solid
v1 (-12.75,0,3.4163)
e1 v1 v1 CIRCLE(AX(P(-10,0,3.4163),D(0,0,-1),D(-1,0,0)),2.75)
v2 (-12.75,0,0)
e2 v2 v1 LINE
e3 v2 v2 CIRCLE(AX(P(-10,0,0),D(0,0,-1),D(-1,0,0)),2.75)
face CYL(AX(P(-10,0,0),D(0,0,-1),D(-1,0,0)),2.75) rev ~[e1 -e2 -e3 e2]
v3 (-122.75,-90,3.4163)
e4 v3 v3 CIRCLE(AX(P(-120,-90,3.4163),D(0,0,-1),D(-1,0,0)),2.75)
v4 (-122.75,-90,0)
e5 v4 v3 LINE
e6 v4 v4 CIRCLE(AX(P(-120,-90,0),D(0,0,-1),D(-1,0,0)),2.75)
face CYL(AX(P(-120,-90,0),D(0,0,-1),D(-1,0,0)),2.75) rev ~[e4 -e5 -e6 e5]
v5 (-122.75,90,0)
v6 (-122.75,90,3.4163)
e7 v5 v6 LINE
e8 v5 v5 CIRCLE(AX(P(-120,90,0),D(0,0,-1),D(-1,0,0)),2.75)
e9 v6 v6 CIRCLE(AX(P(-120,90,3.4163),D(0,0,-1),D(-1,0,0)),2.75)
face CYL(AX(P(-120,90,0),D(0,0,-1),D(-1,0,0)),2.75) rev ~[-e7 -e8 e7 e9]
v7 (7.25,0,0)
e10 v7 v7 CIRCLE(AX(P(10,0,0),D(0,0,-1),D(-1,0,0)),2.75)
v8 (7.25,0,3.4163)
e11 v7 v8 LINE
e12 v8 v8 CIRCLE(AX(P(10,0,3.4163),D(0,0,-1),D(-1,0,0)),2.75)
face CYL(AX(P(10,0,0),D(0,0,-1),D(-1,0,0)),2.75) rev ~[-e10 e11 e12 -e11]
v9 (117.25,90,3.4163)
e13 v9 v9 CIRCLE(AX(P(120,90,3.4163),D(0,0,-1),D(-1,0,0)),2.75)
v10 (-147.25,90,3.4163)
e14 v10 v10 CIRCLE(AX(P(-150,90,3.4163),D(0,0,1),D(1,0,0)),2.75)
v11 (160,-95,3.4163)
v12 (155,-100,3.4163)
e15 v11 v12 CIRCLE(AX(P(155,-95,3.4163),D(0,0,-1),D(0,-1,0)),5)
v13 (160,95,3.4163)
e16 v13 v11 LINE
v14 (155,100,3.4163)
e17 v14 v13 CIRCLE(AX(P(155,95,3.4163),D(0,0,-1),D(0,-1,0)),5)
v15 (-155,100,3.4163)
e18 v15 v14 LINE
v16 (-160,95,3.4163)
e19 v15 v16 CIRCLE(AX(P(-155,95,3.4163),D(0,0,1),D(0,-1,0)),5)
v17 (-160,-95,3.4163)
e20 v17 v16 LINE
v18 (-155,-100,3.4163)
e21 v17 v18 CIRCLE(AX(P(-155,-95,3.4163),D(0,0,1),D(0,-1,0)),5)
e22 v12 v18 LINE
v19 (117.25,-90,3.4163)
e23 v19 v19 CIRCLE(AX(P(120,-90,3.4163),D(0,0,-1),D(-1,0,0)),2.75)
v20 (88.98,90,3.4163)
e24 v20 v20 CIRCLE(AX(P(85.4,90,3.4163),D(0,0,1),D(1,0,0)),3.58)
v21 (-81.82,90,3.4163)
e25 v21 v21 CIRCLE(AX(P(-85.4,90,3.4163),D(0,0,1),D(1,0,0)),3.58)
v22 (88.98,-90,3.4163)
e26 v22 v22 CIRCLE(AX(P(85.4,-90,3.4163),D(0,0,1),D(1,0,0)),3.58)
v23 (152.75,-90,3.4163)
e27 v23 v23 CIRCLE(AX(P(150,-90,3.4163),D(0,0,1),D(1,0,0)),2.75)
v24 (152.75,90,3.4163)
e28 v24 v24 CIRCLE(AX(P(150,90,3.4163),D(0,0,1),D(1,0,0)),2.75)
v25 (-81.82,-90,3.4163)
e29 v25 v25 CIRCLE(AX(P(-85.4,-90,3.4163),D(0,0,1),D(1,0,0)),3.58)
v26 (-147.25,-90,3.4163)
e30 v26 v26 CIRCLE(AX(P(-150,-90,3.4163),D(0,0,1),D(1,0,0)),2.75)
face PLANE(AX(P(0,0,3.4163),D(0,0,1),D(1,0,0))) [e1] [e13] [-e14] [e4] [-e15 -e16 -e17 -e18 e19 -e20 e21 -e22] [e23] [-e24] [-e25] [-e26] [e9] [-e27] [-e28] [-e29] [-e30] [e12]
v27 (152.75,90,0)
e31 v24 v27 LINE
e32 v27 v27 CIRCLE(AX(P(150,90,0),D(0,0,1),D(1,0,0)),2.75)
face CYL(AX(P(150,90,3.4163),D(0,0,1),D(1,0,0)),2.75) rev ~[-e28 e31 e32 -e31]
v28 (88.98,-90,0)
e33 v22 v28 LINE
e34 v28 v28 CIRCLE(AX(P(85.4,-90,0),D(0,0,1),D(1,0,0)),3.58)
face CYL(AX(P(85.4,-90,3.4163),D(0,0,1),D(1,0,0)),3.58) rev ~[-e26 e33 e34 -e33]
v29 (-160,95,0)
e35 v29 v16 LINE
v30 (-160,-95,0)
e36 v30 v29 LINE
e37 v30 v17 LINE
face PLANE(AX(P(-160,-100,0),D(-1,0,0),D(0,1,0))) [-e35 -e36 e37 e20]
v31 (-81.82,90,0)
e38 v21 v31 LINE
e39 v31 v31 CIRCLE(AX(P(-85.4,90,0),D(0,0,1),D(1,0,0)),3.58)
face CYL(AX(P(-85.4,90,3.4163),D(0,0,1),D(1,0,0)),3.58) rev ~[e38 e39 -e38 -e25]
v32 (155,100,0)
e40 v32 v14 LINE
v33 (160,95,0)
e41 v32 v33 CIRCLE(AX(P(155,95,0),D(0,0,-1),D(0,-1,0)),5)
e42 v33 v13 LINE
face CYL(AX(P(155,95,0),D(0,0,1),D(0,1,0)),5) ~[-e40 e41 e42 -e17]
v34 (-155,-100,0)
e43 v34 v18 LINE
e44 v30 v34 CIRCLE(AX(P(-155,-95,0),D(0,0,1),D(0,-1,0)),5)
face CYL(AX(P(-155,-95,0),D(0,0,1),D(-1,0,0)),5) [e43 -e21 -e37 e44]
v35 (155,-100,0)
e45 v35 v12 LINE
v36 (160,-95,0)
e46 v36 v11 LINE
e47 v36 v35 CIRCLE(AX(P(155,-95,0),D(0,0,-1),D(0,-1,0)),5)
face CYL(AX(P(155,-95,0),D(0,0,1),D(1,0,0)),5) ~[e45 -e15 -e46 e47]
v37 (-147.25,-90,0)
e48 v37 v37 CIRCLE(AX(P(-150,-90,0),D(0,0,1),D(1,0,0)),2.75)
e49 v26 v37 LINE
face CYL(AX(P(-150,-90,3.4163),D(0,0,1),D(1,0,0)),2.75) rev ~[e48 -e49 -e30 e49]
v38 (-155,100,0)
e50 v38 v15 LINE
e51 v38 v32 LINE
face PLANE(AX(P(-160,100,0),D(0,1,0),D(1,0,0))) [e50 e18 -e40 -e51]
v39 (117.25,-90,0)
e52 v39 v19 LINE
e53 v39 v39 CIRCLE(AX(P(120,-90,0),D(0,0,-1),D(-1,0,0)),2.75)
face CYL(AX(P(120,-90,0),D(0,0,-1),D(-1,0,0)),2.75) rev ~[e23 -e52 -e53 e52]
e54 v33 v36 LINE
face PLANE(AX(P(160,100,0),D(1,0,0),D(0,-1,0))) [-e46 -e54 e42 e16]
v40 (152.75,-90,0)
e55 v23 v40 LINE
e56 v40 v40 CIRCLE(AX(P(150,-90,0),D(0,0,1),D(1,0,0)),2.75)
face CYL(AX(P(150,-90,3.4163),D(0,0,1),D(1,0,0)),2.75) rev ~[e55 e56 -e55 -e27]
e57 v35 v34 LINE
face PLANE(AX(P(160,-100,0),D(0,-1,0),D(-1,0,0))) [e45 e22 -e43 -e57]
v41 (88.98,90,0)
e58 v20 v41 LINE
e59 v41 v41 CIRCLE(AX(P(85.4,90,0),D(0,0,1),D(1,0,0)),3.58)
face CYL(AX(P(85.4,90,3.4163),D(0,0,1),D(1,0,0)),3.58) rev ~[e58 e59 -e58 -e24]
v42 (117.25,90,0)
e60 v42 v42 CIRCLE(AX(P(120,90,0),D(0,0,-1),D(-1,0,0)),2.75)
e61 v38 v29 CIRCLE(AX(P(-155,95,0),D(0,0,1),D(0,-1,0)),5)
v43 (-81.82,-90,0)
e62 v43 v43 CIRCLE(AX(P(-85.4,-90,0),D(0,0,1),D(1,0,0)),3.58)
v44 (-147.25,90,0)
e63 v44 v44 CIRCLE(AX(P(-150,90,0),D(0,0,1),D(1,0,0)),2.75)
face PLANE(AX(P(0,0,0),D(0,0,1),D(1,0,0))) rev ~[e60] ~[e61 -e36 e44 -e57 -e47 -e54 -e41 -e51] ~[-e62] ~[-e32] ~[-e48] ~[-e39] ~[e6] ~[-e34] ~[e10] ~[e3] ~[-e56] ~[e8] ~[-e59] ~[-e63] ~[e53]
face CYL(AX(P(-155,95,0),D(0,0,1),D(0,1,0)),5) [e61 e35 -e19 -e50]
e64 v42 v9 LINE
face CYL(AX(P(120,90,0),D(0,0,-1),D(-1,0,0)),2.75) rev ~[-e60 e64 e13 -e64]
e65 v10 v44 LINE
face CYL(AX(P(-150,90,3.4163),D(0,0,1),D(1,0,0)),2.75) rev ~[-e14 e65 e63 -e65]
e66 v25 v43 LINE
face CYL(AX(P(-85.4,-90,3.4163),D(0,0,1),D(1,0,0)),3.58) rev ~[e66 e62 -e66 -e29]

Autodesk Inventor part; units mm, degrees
ref_plane "YZ Plane" through (0, 0, 0) normal (1, 0, 0) x (0, 1, 0)
ref_plane "XZ Plane" through (0, 0, 0) normal (0, 1, 0) x (-1, 0, 0)
ref_plane "XY Plane" through (0, 0, 0) normal (0, 0, 1) x (1, 0, 0)
sketch "Sketch1" plane through (0, 0, 0) normal (0, 0, 1) x (1, 0, 0)
  line L0 (-160, 100) -> (160, 100)
  line L1 (160, 100) -> (160, -100)
  line L2 (160, -100) -> (-160, -100)
  line L3 (-160, -100) -> (-160, 100)
  point P0 (0, 0)
  dimension "d0" = 320
  dimension "d1" = 200
  dimension "d2" = 160
  dimension "d3" = 100
extrude "Extrusion1" add sketch "Sketch1" along normal blind 3.4163
sketch "Sketch2" plane through (0, 0, 3.4163) normal (0, 0, 1) x (1, 0, 0)
  line L0 (160, 100) -> (-160, 100) projected
  line L1 (-160, 100) -> (-160, -100) projected
  line L2 (-160, -100) -> (160, -100) projected
  line L3 (160, -100) -> (160, 100) projected
  circle A0 centre (-150, -90) radius 2.75
  circle A1 centre (-150, 90) radius 2.75
  circle A2 centre (-85.4, 90) radius 3.58
  circle A3 centre (-85.4, -90) radius 3.58
  circle A4 centre (85.4, 90) radius 3.58
  circle A5 centre (150, 90) radius 2.75
  circle A6 centre (85.4, -90) radius 3.58
  circle A7 centre (150, -90) radius 2.75
  point P0 (0, 0)
  dimension "d6" = 5.5
  dimension "d7" = 5.5
  dimension "d8" = 7.16
  dimension "d9" = 7.16
  dimension "d10" = 7.16
  dimension "d11" = 5.5
  dimension "d12" = 7.16
  dimension "d13" = 5.5
  dimension "d14" = 10
  dimension "d15" = 10
  dimension "d16" = 64.6
  dimension "d17" = 10
  dimension "d18" = 64.6
  dimension "d19" = 10
  dimension "d20" = 10
  dimension "d21" = 10
  dimension "d22" = 10
  dimension "d23" = 10
  dimension "d24" = 10
  dimension "d25" = 10
  dimension "d26" = 10
  dimension "d27" = 64.6
  dimension "d28" = 64.6
  dimension "d29" = 10
extrude "Extrusion2" cut sketch "Sketch2" against normal through all contours A0 | A1 | A2 | A3 | A4 | A5 | A6 | A7
fillet "Fillet1" radius 5 4 edges at (-160, -100, 1.7082) (-160, 100, 1.7082) (160, 100, 1.7082) (160, -100, 1.7082)
sketch "Sketch3" plane through (0, 0, 0) normal (0, 0, -1) x (-1, 0, 0)
  circle A0 centre (-10, 0) radius 2.067 projected
  circle A1 centre (10, 0) radius 2.067 projected
  circle A2 centre (-10, 0) radius 2.75
  circle A3 centre (10, 0) radius 2.75
  point P0 (0, 0)
  dimension "d33" = 5.5
  dimension "d34" = 5.5
extrude "Extrusion3" cut sketch "Sketch3" against normal through all contours A0 | A1 | A2 | A3
sketch "Sketch4" plane through (0, 0, 0) normal (0, 0, -1) x (-1, 0, 0)
  line L0 (-155, -100) -> (155, -100) projected
  line L1 (-160, 95) -> (-160, -95) projected
  circle A0 centre (-120, -90) radius 2.75
  point P0 (0, 0)
  dimension "d37" = 5.5
  dimension "d38" = 40
  dimension "d39" = 10
extrude "Extrusion4" cut sketch "Sketch4" against normal through all
pattern_linear "Rectangular Pattern1" count 2 spacing 240 along (-1, 0, 0) count 2 spacing 180 along (0, 1, 0) of "Extrusion4"
equation "\"d2\" = 0.5 * d0"
equation "\"d3\" = 0.5 * d1"
properties part number "y-carriage" material "Steel, Mild"
